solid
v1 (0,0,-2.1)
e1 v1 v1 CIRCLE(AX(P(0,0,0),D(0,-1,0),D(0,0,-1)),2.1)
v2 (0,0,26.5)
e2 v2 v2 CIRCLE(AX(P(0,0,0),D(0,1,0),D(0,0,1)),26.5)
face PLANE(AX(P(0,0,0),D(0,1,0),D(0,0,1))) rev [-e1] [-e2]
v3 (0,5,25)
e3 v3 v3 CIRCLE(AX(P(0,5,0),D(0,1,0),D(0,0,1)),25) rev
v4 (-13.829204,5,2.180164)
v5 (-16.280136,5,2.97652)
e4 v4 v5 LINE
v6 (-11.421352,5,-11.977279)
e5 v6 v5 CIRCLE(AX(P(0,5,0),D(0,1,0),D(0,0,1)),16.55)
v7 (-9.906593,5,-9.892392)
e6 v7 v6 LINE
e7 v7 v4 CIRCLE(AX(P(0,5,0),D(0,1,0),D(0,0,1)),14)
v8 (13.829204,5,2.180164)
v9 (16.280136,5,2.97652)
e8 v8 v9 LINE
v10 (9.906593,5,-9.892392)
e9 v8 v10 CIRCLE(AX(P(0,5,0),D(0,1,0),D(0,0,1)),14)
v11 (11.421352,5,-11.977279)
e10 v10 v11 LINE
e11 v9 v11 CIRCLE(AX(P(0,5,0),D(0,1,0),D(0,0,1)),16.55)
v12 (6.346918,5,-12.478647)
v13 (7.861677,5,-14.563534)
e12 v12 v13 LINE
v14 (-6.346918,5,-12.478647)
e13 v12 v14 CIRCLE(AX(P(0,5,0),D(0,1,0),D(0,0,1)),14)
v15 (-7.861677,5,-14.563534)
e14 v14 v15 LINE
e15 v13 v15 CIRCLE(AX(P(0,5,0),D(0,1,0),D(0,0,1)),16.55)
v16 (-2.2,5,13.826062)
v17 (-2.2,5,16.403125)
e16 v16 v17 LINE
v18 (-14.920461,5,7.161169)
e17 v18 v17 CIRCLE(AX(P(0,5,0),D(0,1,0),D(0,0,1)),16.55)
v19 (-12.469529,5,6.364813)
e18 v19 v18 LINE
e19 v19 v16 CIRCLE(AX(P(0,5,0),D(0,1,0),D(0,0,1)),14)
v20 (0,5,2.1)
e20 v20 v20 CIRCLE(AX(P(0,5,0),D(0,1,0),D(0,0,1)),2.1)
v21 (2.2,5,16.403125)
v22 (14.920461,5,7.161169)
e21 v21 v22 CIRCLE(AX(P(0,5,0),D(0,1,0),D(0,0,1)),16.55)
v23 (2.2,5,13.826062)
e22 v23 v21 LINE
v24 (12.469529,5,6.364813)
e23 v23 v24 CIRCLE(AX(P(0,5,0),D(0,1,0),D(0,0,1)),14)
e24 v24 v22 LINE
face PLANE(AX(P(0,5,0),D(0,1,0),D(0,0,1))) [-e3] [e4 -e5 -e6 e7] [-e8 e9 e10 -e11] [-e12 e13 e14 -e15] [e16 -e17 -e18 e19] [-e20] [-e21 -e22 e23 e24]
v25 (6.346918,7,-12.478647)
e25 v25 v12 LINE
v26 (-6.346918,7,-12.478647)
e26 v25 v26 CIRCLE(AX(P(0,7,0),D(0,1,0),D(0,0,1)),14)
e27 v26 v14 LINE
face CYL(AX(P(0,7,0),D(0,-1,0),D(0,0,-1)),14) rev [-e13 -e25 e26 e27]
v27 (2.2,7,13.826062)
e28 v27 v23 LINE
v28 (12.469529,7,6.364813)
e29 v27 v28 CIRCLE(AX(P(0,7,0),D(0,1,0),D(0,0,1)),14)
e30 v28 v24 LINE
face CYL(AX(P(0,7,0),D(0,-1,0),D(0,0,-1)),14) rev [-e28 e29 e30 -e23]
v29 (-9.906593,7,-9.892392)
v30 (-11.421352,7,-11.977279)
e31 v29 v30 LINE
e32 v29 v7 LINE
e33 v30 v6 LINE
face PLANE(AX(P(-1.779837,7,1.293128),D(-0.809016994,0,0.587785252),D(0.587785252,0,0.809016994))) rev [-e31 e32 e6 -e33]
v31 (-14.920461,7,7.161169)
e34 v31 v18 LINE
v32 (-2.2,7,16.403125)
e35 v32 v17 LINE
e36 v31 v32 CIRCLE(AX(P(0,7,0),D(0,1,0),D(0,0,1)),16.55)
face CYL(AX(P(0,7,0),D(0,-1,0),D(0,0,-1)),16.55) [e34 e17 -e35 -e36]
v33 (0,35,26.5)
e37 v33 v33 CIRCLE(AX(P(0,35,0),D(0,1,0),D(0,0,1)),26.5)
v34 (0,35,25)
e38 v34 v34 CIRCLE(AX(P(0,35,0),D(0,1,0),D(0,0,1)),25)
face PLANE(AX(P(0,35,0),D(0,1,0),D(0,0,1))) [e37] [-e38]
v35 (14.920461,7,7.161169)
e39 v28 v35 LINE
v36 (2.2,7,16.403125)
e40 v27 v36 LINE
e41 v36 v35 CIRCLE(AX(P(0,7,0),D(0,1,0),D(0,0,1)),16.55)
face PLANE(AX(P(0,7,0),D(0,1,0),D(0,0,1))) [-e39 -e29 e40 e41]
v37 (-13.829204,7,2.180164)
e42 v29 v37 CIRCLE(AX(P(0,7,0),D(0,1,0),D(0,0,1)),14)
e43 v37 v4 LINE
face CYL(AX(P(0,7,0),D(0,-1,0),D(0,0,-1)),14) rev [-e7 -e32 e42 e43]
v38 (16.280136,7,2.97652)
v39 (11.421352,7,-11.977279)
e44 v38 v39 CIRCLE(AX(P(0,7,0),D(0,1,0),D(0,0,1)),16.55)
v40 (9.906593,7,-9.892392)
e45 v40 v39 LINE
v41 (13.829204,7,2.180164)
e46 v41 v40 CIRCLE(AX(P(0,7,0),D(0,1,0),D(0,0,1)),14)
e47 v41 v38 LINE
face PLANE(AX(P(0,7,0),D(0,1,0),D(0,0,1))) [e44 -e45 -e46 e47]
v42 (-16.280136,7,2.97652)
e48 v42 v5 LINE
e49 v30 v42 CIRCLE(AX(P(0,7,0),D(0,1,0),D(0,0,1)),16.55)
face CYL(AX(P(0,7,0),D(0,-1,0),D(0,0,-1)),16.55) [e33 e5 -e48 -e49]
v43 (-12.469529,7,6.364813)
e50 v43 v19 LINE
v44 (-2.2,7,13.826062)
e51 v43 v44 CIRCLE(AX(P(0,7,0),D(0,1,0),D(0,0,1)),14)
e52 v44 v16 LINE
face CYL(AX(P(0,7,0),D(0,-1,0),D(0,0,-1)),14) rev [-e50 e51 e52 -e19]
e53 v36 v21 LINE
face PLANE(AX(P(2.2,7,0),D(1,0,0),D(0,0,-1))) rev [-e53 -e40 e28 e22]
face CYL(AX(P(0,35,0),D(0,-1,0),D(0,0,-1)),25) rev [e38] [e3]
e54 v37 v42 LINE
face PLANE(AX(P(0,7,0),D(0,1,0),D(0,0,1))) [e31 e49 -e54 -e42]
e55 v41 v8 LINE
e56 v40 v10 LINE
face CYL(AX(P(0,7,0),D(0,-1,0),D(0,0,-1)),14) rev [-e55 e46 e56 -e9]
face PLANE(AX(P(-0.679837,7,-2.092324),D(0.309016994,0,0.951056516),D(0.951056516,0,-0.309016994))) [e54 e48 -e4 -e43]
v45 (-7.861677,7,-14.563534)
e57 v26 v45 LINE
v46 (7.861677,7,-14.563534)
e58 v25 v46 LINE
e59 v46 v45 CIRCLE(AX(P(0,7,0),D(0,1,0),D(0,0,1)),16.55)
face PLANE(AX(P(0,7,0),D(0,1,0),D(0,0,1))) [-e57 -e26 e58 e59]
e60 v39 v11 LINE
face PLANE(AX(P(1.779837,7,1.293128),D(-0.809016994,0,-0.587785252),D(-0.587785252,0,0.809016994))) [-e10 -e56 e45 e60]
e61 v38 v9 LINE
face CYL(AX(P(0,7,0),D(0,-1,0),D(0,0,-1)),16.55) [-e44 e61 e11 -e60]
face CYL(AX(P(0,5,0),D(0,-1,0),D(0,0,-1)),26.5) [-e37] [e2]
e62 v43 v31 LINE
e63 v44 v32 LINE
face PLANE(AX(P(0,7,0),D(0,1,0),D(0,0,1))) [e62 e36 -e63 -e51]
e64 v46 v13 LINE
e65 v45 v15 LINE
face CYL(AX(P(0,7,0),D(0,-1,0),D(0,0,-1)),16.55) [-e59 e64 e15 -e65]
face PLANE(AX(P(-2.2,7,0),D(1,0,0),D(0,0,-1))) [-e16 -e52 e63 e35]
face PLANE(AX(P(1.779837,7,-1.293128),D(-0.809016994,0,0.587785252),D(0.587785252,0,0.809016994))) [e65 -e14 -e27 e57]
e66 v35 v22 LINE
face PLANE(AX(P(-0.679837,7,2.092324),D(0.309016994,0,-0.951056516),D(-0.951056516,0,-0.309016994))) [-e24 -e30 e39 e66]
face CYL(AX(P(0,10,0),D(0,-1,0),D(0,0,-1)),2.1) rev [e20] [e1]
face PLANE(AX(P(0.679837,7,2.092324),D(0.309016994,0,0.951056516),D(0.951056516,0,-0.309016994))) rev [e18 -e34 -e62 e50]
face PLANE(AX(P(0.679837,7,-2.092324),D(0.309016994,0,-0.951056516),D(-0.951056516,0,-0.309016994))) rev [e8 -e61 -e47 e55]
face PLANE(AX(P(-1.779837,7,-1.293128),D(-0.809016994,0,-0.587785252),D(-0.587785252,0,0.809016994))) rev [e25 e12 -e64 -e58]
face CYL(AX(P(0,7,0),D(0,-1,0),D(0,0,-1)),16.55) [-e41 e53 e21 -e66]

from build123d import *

# Parameters (mm, degrees)
SKETCH_1_R          = 26.5
EXTRUDE_1_DEPTH     = 5
SKETCH_2_R          = 26.5
SKETCH_2_R_2        = 25
EXTRUDE_2_DEPTH     = 30
SKETCH_3_R          = 2.1
CUT_EXTRUDE_1_DEPTH = 10
EXTRUDE_3_DEPTH     = 2


with BuildPart() as part:
    # 草图1 → 凸台-拉伸1 (new body)
    with BuildSketch(Plane(origin=(0, 0, 0), x_dir=(1, 0, 0), z_dir=(0, 1, 0))):
        with Locations(Location((0, 0, 0), (0, 0, 270))):
            Circle(SKETCH_1_R)
    extrude(amount=EXTRUDE_1_DEPTH)

    # 草图2 → 凸台-拉伸2 (add)
    with BuildSketch(Plane(origin=(0, 5, 0), x_dir=(1, 0, 0), z_dir=(0, 1, 0))):
        with Locations(Location((0, 0, 0), (0, 0, 270))):
            Circle(SKETCH_2_R)
        with Locations(Location((0, 0, 0), (0, 0, 270))):
            Circle(SKETCH_2_R_2, mode=Mode.SUBTRACT)
    extrude(amount=EXTRUDE_2_DEPTH)

    # 草图3 → 切除-拉伸1 (cut)
    with BuildSketch(Plane.XZ):
        with Locations(Location((0, 0, 0), (0, 0, 270))):
            Circle(SKETCH_3_R)
    extrude(amount=-CUT_EXTRUDE_1_DEPTH, mode=Mode.SUBTRACT)

    # 草图4 → 凸台-拉伸3 (add)
    with BuildSketch(Plane(origin=(0, 5, 0), x_dir=(1, 0, 0), z_dir=(0, 1, 0))):
        with BuildLine():
            ThreePointArc((-13.829204077, -2.180163894), (-13.314791228, 4.326237921), (-9.906592932, 9.892391848))
            Line((-9.906592932, 9.892391848), (-11.421352179, 11.97727909))
            ThreePointArc((-11.421352179, 11.97727909), (-15.739985345, 5.114231257), (-16.280136023, -2.976519958))
            Line((-16.280136023, -2.976519958), (-13.829204077, -2.180163894))
        make_face()
        with BuildLine():
            ThreePointArc((-6.346918157, 12.478646958), (0, 14), (6.346918157, 12.478646958))
            Line((6.346918157, 12.478646958), (7.861677404, 14.5635342))
            ThreePointArc((7.861677404, 14.5635342), (0, 16.55), (-7.861677404, 14.5635342))
            Line((-7.861677404, 14.5635342), (-6.346918157, 12.478646958))
        make_face()
        with BuildLine():
            ThreePointArc((14, 0), (13.957235705, -1.093421906), (13.829204077, -2.180163894))
            Line((13.829204077, -2.180163894), (16.280136023, -2.976519958))
            ThreePointArc((16.280136023, -2.976519958), (16.48239593, -1.494364215), (16.55, 0))
            ThreePointArc((16.55, 0), (15.213906115, 6.514565275), (11.421352179, 11.97727909))
            Line((11.421352179, 11.97727909), (9.906592932, 9.892391848))
            ThreePointArc((9.906592932, 9.892391848), (12.936234016, 5.352929056), (14, 0))
        make_face()
        with BuildLine():
            ThreePointArc((12.469529301, -6.364812566), (8.228993532, -11.326237921), (2.2, -13.826062346))
            Line((2.2, -13.826062346), (2.2, -16.403124702))
            ThreePointArc((2.2, -16.403124702), (9.727845925, -13.389231257), (14.920461248, -7.16116863))
            Line((14.920461248, -7.16116863), (12.469529301, -6.364812566))
        make_face()
        with BuildLine():
            Line((-2.2, -16.403124702), (-2.2, -13.826062346))
            ThreePointArc((-2.2, -13.826062346), (-8.228993532, -11.326237921), (-12.469529301, -6.364812566))
            Line((-12.469529301, -6.364812566), (-14.920461248, -7.16116863))
            ThreePointArc((-14.920461248, -7.16116863), (-9.727845925, -13.389231257), (-2.2, -16.403124702))
        make_face()
    extrude(amount=EXTRUDE_3_DEPTH)


solid = part.part
